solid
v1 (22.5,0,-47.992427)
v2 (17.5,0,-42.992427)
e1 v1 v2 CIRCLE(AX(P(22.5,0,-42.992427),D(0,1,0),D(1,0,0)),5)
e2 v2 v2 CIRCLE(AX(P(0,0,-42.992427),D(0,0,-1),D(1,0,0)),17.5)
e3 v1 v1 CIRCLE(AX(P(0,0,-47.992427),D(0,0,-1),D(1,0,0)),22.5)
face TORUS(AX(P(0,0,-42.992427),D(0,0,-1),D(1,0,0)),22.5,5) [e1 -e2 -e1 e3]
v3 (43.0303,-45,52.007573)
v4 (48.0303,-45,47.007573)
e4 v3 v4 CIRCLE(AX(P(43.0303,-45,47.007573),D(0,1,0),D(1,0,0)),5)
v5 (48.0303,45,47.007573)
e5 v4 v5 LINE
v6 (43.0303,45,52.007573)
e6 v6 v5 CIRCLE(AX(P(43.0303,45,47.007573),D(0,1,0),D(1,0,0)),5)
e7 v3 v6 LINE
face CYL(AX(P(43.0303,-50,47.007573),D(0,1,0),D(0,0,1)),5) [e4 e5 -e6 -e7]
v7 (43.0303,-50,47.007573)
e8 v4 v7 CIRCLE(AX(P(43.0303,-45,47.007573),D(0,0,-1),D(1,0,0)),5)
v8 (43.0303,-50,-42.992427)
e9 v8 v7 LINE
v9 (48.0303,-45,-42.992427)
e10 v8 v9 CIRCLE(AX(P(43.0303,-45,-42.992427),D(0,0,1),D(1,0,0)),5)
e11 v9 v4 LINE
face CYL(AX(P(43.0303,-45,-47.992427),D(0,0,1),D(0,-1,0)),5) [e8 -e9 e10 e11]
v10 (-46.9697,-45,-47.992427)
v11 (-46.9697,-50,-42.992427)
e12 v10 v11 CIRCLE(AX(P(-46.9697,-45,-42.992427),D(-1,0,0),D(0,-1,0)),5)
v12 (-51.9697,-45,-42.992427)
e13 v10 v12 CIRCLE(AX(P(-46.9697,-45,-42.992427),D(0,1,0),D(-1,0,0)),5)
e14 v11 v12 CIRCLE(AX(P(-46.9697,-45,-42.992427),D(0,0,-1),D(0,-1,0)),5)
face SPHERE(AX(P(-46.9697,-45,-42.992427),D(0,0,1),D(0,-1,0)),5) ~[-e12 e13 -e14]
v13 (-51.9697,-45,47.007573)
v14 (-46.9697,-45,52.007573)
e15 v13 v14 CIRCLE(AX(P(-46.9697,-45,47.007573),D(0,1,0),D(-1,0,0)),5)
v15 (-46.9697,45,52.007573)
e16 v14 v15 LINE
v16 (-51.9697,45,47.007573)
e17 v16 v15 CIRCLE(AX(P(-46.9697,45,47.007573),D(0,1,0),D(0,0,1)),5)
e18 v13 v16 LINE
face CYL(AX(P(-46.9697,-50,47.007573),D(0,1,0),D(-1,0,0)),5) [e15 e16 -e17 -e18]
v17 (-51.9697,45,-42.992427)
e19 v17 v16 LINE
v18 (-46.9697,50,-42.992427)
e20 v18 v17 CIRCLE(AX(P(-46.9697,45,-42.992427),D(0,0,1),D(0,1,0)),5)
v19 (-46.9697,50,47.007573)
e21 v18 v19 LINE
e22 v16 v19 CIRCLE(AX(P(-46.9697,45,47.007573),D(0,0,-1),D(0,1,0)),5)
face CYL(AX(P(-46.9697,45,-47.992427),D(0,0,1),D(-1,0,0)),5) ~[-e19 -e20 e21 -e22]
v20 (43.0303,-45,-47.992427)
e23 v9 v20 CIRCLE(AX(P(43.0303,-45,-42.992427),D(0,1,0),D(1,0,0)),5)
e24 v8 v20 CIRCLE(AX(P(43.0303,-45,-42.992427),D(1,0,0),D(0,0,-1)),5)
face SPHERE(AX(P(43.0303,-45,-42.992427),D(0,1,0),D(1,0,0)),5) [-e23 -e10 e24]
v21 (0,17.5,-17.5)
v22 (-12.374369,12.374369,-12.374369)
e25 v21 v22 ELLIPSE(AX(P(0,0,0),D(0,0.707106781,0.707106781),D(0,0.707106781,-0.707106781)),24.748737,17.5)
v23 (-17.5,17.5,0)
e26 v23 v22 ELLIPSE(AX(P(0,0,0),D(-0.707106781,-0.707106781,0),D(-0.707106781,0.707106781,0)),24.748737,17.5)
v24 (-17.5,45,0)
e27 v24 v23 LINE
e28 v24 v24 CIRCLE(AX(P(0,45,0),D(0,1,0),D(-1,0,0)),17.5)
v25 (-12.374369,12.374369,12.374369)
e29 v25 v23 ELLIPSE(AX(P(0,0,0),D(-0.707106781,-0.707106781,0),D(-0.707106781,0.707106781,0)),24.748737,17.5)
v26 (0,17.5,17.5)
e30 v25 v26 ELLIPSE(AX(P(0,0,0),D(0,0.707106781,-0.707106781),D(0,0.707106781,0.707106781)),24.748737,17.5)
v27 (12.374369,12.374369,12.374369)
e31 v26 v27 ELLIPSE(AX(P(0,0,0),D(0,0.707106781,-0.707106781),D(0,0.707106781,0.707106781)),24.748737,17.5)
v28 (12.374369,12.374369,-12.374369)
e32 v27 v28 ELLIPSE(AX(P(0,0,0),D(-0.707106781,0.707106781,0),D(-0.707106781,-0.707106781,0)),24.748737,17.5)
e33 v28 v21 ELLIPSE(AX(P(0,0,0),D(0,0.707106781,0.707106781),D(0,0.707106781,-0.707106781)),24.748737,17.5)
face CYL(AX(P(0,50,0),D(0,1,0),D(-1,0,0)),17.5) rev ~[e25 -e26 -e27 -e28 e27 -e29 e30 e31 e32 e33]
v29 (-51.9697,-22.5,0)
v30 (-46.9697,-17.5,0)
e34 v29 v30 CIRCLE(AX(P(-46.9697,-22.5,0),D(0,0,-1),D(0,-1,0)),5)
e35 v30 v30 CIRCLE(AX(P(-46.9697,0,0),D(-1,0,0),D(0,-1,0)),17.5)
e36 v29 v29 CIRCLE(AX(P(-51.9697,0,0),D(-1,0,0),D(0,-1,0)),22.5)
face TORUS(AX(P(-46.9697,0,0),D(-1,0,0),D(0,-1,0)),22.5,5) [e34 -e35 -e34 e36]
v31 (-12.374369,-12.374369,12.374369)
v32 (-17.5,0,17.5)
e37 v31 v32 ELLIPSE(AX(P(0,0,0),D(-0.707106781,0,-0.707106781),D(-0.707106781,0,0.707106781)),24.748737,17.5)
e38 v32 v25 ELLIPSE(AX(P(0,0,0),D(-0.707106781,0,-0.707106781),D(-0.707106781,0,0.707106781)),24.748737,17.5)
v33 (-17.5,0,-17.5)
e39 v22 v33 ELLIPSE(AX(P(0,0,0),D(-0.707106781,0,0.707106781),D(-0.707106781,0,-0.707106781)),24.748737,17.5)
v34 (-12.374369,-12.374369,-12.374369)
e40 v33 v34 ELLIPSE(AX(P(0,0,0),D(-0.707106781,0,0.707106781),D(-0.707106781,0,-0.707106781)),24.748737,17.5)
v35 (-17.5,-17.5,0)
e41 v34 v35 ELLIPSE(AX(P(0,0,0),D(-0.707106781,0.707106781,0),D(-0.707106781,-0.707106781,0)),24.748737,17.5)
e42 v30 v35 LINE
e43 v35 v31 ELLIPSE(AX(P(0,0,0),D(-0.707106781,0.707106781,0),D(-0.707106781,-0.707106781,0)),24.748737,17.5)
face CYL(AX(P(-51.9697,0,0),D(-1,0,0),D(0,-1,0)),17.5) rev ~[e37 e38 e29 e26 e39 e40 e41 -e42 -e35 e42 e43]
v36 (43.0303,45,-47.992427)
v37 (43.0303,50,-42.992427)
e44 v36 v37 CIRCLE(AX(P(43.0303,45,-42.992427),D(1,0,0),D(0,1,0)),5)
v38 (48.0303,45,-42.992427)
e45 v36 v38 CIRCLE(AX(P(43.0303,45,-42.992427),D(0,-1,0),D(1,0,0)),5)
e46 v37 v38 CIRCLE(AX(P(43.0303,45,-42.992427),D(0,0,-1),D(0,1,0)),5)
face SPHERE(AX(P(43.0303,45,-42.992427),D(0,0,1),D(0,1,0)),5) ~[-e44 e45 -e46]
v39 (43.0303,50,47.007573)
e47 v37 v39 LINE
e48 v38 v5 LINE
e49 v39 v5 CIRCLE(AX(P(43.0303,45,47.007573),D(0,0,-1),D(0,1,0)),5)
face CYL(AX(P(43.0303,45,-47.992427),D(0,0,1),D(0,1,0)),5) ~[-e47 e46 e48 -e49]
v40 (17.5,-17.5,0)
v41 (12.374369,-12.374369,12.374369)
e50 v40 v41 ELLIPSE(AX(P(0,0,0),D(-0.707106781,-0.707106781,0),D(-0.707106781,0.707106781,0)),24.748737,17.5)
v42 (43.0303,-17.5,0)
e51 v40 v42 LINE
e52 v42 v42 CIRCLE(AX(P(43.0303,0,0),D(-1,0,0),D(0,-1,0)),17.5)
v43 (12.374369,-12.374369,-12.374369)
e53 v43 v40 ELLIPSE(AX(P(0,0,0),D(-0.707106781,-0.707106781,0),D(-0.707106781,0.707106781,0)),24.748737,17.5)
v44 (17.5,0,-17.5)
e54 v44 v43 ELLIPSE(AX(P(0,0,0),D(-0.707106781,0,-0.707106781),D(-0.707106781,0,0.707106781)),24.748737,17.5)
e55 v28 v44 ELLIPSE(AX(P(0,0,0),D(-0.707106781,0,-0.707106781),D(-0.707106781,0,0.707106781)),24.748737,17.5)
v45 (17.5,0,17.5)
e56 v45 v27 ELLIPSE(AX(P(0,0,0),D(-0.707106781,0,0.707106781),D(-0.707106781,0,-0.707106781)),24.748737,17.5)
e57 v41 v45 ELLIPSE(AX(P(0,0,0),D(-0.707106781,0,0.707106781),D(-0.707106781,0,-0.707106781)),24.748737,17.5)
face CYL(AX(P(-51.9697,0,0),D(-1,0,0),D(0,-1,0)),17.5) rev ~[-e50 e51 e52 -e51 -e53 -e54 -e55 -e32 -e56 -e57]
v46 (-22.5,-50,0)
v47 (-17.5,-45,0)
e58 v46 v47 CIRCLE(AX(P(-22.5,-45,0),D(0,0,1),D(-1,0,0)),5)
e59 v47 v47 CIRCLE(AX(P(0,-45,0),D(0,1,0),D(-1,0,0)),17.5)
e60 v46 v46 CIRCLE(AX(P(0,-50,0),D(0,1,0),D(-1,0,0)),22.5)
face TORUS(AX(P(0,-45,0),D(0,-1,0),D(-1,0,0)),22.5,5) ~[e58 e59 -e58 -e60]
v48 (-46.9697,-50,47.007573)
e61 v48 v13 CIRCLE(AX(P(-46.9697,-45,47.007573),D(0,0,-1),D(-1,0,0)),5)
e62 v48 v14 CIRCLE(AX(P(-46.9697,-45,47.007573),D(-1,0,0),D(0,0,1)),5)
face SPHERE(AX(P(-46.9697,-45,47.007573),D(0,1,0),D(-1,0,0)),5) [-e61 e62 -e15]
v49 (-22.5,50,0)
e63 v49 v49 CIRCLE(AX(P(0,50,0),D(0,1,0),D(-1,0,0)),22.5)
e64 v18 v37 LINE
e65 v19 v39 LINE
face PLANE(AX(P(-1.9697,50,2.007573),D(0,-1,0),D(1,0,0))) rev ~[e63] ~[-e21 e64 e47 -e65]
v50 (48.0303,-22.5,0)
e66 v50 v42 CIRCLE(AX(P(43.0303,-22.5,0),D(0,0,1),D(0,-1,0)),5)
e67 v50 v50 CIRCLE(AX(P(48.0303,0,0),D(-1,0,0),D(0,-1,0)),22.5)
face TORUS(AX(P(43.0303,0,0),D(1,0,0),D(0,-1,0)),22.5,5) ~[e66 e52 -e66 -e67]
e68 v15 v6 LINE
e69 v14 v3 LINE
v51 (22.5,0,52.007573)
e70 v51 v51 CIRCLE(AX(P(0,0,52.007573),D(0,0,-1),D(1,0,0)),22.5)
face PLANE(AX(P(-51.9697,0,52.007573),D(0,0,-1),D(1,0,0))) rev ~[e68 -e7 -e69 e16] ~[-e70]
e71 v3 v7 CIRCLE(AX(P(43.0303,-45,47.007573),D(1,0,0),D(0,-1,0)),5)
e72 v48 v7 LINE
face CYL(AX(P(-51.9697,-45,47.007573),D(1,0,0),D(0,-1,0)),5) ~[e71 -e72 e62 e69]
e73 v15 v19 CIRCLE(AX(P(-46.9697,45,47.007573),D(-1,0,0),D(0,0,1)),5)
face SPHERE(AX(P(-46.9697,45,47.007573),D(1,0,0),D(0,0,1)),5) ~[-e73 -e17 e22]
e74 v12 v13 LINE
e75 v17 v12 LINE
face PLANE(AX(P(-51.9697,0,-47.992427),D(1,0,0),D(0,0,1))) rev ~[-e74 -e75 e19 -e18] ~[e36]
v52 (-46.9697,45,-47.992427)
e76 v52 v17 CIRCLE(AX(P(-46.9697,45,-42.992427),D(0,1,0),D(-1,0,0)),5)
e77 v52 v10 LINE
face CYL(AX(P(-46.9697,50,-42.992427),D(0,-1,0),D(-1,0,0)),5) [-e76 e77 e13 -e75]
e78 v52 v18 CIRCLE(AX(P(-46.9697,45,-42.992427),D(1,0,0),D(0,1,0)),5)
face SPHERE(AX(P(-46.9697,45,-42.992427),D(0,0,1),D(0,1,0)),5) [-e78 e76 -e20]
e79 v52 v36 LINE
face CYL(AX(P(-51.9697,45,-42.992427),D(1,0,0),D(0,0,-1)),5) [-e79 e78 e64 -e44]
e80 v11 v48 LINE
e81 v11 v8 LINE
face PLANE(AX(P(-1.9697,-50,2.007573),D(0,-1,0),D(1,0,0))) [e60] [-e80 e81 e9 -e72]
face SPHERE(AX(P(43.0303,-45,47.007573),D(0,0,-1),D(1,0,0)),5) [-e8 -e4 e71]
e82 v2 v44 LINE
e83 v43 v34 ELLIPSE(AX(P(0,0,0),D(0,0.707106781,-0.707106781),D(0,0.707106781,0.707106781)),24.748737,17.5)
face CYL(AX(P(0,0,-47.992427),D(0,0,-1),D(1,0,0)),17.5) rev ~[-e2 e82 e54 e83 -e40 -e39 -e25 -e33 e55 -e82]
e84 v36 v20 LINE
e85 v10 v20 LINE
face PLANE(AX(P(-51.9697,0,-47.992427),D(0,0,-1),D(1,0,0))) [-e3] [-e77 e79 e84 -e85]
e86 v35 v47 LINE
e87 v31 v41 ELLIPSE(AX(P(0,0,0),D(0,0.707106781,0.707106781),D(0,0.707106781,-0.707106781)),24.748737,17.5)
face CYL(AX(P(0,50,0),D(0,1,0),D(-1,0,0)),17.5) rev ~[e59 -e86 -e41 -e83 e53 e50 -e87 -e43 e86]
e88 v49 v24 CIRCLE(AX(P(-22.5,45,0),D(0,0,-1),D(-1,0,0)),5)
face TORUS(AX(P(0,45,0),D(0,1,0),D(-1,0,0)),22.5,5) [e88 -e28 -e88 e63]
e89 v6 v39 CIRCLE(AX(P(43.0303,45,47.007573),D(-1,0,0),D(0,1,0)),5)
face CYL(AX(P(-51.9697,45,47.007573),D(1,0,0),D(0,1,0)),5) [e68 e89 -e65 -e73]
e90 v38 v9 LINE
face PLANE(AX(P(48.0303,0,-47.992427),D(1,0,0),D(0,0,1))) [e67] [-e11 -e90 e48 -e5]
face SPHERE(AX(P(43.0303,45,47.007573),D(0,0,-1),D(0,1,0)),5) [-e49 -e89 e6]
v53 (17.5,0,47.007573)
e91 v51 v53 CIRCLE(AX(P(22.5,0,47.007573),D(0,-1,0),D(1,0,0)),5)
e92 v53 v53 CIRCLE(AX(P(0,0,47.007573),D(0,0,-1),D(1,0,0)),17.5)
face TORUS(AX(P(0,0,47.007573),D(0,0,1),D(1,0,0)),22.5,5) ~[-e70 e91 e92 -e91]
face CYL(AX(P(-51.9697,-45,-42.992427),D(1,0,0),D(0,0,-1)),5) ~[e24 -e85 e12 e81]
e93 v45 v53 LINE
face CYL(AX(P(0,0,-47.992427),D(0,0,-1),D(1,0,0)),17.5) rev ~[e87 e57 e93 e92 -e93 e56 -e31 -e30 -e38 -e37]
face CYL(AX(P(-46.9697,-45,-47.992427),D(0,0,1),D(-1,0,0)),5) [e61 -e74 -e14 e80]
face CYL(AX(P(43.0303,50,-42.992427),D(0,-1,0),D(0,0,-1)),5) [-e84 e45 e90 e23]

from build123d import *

# Parameters (mm, degrees)
F0_W     = 100
F0_H     = 100
F1_DEPTH = 50
F2_R     = 17.5
F3_DEPTH = 100
F4_R     = 17.5
F5_DEPTH = 100.001
F6_R     = 17.5
F7_DEPTH = 100.001
F8_R     = 5


with BuildPart() as f1:
    # F0 (on Front) → F1 (new body, symmetric)
    with BuildSketch(Plane.XZ):
        with Locations((-1.9696995616, 2.0075730979)):
            Rectangle(F0_W, F0_H)
    extrude(amount=F1_DEPTH, both=True)

    # F2 (on face) → F3 (cut, through all)
    with BuildSketch(Plane(origin=(-51.9696995616, 0, 0), x_dir=(0, -1, 0), z_dir=(-1, 0, 0))):
        Circle(F2_R)
    extrude(amount=-F3_DEPTH, mode=Mode.SUBTRACT)

    # F4 (on face) → F5 (cut, through all)
    with BuildSketch(Plane(origin=(0, 50, 0), x_dir=(-1, 0, 0), z_dir=(0, 1, 0))):
        Circle(F4_R)
    extrude(amount=-F5_DEPTH, mode=Mode.SUBTRACT)

    # F6 (on face) → F7 (cut, through all)
    with BuildSketch(Plane(origin=(0, 0, -47.9924269021), x_dir=(1, 0, 0), z_dir=(0, 0, -1))):
        Circle(F6_R)
    extrude(amount=-F7_DEPTH, mode=Mode.SUBTRACT)

    # F8
    f8_edges = [f1.edges().sort_by_distance(p)[0] for p in [
        (-17.5, 0, -47.992427),
        (17.5, 50, 0),
        (-17.5, 0, 52.007573),
        (17.5, -50, 0),
        (48.0303, 17.5, 0),
        (-51.9697, 17.5, 0),
        (48.0303, 50, 2.007573),
        (-1.9697, 50, 52.007573),
        (-51.9697, 0, 52.007573),
        (-51.9697, 50, 2.007573),
        (-51.9697, -50, 2.007573),
        (-1.9697, 50, -47.992427),
        (48.0303, 0, -47.992427),
        (48.0303, -50, 2.007573),
        (48.0303, 0, 52.007573),
        (-1.9697, -50, -47.992427),
        (-51.9697, 0, -47.992427),
        (-1.9697, -50, 52.007573),
    ]]
    fillet(f8_edges, radius=F8_R)


solid = f1.part
